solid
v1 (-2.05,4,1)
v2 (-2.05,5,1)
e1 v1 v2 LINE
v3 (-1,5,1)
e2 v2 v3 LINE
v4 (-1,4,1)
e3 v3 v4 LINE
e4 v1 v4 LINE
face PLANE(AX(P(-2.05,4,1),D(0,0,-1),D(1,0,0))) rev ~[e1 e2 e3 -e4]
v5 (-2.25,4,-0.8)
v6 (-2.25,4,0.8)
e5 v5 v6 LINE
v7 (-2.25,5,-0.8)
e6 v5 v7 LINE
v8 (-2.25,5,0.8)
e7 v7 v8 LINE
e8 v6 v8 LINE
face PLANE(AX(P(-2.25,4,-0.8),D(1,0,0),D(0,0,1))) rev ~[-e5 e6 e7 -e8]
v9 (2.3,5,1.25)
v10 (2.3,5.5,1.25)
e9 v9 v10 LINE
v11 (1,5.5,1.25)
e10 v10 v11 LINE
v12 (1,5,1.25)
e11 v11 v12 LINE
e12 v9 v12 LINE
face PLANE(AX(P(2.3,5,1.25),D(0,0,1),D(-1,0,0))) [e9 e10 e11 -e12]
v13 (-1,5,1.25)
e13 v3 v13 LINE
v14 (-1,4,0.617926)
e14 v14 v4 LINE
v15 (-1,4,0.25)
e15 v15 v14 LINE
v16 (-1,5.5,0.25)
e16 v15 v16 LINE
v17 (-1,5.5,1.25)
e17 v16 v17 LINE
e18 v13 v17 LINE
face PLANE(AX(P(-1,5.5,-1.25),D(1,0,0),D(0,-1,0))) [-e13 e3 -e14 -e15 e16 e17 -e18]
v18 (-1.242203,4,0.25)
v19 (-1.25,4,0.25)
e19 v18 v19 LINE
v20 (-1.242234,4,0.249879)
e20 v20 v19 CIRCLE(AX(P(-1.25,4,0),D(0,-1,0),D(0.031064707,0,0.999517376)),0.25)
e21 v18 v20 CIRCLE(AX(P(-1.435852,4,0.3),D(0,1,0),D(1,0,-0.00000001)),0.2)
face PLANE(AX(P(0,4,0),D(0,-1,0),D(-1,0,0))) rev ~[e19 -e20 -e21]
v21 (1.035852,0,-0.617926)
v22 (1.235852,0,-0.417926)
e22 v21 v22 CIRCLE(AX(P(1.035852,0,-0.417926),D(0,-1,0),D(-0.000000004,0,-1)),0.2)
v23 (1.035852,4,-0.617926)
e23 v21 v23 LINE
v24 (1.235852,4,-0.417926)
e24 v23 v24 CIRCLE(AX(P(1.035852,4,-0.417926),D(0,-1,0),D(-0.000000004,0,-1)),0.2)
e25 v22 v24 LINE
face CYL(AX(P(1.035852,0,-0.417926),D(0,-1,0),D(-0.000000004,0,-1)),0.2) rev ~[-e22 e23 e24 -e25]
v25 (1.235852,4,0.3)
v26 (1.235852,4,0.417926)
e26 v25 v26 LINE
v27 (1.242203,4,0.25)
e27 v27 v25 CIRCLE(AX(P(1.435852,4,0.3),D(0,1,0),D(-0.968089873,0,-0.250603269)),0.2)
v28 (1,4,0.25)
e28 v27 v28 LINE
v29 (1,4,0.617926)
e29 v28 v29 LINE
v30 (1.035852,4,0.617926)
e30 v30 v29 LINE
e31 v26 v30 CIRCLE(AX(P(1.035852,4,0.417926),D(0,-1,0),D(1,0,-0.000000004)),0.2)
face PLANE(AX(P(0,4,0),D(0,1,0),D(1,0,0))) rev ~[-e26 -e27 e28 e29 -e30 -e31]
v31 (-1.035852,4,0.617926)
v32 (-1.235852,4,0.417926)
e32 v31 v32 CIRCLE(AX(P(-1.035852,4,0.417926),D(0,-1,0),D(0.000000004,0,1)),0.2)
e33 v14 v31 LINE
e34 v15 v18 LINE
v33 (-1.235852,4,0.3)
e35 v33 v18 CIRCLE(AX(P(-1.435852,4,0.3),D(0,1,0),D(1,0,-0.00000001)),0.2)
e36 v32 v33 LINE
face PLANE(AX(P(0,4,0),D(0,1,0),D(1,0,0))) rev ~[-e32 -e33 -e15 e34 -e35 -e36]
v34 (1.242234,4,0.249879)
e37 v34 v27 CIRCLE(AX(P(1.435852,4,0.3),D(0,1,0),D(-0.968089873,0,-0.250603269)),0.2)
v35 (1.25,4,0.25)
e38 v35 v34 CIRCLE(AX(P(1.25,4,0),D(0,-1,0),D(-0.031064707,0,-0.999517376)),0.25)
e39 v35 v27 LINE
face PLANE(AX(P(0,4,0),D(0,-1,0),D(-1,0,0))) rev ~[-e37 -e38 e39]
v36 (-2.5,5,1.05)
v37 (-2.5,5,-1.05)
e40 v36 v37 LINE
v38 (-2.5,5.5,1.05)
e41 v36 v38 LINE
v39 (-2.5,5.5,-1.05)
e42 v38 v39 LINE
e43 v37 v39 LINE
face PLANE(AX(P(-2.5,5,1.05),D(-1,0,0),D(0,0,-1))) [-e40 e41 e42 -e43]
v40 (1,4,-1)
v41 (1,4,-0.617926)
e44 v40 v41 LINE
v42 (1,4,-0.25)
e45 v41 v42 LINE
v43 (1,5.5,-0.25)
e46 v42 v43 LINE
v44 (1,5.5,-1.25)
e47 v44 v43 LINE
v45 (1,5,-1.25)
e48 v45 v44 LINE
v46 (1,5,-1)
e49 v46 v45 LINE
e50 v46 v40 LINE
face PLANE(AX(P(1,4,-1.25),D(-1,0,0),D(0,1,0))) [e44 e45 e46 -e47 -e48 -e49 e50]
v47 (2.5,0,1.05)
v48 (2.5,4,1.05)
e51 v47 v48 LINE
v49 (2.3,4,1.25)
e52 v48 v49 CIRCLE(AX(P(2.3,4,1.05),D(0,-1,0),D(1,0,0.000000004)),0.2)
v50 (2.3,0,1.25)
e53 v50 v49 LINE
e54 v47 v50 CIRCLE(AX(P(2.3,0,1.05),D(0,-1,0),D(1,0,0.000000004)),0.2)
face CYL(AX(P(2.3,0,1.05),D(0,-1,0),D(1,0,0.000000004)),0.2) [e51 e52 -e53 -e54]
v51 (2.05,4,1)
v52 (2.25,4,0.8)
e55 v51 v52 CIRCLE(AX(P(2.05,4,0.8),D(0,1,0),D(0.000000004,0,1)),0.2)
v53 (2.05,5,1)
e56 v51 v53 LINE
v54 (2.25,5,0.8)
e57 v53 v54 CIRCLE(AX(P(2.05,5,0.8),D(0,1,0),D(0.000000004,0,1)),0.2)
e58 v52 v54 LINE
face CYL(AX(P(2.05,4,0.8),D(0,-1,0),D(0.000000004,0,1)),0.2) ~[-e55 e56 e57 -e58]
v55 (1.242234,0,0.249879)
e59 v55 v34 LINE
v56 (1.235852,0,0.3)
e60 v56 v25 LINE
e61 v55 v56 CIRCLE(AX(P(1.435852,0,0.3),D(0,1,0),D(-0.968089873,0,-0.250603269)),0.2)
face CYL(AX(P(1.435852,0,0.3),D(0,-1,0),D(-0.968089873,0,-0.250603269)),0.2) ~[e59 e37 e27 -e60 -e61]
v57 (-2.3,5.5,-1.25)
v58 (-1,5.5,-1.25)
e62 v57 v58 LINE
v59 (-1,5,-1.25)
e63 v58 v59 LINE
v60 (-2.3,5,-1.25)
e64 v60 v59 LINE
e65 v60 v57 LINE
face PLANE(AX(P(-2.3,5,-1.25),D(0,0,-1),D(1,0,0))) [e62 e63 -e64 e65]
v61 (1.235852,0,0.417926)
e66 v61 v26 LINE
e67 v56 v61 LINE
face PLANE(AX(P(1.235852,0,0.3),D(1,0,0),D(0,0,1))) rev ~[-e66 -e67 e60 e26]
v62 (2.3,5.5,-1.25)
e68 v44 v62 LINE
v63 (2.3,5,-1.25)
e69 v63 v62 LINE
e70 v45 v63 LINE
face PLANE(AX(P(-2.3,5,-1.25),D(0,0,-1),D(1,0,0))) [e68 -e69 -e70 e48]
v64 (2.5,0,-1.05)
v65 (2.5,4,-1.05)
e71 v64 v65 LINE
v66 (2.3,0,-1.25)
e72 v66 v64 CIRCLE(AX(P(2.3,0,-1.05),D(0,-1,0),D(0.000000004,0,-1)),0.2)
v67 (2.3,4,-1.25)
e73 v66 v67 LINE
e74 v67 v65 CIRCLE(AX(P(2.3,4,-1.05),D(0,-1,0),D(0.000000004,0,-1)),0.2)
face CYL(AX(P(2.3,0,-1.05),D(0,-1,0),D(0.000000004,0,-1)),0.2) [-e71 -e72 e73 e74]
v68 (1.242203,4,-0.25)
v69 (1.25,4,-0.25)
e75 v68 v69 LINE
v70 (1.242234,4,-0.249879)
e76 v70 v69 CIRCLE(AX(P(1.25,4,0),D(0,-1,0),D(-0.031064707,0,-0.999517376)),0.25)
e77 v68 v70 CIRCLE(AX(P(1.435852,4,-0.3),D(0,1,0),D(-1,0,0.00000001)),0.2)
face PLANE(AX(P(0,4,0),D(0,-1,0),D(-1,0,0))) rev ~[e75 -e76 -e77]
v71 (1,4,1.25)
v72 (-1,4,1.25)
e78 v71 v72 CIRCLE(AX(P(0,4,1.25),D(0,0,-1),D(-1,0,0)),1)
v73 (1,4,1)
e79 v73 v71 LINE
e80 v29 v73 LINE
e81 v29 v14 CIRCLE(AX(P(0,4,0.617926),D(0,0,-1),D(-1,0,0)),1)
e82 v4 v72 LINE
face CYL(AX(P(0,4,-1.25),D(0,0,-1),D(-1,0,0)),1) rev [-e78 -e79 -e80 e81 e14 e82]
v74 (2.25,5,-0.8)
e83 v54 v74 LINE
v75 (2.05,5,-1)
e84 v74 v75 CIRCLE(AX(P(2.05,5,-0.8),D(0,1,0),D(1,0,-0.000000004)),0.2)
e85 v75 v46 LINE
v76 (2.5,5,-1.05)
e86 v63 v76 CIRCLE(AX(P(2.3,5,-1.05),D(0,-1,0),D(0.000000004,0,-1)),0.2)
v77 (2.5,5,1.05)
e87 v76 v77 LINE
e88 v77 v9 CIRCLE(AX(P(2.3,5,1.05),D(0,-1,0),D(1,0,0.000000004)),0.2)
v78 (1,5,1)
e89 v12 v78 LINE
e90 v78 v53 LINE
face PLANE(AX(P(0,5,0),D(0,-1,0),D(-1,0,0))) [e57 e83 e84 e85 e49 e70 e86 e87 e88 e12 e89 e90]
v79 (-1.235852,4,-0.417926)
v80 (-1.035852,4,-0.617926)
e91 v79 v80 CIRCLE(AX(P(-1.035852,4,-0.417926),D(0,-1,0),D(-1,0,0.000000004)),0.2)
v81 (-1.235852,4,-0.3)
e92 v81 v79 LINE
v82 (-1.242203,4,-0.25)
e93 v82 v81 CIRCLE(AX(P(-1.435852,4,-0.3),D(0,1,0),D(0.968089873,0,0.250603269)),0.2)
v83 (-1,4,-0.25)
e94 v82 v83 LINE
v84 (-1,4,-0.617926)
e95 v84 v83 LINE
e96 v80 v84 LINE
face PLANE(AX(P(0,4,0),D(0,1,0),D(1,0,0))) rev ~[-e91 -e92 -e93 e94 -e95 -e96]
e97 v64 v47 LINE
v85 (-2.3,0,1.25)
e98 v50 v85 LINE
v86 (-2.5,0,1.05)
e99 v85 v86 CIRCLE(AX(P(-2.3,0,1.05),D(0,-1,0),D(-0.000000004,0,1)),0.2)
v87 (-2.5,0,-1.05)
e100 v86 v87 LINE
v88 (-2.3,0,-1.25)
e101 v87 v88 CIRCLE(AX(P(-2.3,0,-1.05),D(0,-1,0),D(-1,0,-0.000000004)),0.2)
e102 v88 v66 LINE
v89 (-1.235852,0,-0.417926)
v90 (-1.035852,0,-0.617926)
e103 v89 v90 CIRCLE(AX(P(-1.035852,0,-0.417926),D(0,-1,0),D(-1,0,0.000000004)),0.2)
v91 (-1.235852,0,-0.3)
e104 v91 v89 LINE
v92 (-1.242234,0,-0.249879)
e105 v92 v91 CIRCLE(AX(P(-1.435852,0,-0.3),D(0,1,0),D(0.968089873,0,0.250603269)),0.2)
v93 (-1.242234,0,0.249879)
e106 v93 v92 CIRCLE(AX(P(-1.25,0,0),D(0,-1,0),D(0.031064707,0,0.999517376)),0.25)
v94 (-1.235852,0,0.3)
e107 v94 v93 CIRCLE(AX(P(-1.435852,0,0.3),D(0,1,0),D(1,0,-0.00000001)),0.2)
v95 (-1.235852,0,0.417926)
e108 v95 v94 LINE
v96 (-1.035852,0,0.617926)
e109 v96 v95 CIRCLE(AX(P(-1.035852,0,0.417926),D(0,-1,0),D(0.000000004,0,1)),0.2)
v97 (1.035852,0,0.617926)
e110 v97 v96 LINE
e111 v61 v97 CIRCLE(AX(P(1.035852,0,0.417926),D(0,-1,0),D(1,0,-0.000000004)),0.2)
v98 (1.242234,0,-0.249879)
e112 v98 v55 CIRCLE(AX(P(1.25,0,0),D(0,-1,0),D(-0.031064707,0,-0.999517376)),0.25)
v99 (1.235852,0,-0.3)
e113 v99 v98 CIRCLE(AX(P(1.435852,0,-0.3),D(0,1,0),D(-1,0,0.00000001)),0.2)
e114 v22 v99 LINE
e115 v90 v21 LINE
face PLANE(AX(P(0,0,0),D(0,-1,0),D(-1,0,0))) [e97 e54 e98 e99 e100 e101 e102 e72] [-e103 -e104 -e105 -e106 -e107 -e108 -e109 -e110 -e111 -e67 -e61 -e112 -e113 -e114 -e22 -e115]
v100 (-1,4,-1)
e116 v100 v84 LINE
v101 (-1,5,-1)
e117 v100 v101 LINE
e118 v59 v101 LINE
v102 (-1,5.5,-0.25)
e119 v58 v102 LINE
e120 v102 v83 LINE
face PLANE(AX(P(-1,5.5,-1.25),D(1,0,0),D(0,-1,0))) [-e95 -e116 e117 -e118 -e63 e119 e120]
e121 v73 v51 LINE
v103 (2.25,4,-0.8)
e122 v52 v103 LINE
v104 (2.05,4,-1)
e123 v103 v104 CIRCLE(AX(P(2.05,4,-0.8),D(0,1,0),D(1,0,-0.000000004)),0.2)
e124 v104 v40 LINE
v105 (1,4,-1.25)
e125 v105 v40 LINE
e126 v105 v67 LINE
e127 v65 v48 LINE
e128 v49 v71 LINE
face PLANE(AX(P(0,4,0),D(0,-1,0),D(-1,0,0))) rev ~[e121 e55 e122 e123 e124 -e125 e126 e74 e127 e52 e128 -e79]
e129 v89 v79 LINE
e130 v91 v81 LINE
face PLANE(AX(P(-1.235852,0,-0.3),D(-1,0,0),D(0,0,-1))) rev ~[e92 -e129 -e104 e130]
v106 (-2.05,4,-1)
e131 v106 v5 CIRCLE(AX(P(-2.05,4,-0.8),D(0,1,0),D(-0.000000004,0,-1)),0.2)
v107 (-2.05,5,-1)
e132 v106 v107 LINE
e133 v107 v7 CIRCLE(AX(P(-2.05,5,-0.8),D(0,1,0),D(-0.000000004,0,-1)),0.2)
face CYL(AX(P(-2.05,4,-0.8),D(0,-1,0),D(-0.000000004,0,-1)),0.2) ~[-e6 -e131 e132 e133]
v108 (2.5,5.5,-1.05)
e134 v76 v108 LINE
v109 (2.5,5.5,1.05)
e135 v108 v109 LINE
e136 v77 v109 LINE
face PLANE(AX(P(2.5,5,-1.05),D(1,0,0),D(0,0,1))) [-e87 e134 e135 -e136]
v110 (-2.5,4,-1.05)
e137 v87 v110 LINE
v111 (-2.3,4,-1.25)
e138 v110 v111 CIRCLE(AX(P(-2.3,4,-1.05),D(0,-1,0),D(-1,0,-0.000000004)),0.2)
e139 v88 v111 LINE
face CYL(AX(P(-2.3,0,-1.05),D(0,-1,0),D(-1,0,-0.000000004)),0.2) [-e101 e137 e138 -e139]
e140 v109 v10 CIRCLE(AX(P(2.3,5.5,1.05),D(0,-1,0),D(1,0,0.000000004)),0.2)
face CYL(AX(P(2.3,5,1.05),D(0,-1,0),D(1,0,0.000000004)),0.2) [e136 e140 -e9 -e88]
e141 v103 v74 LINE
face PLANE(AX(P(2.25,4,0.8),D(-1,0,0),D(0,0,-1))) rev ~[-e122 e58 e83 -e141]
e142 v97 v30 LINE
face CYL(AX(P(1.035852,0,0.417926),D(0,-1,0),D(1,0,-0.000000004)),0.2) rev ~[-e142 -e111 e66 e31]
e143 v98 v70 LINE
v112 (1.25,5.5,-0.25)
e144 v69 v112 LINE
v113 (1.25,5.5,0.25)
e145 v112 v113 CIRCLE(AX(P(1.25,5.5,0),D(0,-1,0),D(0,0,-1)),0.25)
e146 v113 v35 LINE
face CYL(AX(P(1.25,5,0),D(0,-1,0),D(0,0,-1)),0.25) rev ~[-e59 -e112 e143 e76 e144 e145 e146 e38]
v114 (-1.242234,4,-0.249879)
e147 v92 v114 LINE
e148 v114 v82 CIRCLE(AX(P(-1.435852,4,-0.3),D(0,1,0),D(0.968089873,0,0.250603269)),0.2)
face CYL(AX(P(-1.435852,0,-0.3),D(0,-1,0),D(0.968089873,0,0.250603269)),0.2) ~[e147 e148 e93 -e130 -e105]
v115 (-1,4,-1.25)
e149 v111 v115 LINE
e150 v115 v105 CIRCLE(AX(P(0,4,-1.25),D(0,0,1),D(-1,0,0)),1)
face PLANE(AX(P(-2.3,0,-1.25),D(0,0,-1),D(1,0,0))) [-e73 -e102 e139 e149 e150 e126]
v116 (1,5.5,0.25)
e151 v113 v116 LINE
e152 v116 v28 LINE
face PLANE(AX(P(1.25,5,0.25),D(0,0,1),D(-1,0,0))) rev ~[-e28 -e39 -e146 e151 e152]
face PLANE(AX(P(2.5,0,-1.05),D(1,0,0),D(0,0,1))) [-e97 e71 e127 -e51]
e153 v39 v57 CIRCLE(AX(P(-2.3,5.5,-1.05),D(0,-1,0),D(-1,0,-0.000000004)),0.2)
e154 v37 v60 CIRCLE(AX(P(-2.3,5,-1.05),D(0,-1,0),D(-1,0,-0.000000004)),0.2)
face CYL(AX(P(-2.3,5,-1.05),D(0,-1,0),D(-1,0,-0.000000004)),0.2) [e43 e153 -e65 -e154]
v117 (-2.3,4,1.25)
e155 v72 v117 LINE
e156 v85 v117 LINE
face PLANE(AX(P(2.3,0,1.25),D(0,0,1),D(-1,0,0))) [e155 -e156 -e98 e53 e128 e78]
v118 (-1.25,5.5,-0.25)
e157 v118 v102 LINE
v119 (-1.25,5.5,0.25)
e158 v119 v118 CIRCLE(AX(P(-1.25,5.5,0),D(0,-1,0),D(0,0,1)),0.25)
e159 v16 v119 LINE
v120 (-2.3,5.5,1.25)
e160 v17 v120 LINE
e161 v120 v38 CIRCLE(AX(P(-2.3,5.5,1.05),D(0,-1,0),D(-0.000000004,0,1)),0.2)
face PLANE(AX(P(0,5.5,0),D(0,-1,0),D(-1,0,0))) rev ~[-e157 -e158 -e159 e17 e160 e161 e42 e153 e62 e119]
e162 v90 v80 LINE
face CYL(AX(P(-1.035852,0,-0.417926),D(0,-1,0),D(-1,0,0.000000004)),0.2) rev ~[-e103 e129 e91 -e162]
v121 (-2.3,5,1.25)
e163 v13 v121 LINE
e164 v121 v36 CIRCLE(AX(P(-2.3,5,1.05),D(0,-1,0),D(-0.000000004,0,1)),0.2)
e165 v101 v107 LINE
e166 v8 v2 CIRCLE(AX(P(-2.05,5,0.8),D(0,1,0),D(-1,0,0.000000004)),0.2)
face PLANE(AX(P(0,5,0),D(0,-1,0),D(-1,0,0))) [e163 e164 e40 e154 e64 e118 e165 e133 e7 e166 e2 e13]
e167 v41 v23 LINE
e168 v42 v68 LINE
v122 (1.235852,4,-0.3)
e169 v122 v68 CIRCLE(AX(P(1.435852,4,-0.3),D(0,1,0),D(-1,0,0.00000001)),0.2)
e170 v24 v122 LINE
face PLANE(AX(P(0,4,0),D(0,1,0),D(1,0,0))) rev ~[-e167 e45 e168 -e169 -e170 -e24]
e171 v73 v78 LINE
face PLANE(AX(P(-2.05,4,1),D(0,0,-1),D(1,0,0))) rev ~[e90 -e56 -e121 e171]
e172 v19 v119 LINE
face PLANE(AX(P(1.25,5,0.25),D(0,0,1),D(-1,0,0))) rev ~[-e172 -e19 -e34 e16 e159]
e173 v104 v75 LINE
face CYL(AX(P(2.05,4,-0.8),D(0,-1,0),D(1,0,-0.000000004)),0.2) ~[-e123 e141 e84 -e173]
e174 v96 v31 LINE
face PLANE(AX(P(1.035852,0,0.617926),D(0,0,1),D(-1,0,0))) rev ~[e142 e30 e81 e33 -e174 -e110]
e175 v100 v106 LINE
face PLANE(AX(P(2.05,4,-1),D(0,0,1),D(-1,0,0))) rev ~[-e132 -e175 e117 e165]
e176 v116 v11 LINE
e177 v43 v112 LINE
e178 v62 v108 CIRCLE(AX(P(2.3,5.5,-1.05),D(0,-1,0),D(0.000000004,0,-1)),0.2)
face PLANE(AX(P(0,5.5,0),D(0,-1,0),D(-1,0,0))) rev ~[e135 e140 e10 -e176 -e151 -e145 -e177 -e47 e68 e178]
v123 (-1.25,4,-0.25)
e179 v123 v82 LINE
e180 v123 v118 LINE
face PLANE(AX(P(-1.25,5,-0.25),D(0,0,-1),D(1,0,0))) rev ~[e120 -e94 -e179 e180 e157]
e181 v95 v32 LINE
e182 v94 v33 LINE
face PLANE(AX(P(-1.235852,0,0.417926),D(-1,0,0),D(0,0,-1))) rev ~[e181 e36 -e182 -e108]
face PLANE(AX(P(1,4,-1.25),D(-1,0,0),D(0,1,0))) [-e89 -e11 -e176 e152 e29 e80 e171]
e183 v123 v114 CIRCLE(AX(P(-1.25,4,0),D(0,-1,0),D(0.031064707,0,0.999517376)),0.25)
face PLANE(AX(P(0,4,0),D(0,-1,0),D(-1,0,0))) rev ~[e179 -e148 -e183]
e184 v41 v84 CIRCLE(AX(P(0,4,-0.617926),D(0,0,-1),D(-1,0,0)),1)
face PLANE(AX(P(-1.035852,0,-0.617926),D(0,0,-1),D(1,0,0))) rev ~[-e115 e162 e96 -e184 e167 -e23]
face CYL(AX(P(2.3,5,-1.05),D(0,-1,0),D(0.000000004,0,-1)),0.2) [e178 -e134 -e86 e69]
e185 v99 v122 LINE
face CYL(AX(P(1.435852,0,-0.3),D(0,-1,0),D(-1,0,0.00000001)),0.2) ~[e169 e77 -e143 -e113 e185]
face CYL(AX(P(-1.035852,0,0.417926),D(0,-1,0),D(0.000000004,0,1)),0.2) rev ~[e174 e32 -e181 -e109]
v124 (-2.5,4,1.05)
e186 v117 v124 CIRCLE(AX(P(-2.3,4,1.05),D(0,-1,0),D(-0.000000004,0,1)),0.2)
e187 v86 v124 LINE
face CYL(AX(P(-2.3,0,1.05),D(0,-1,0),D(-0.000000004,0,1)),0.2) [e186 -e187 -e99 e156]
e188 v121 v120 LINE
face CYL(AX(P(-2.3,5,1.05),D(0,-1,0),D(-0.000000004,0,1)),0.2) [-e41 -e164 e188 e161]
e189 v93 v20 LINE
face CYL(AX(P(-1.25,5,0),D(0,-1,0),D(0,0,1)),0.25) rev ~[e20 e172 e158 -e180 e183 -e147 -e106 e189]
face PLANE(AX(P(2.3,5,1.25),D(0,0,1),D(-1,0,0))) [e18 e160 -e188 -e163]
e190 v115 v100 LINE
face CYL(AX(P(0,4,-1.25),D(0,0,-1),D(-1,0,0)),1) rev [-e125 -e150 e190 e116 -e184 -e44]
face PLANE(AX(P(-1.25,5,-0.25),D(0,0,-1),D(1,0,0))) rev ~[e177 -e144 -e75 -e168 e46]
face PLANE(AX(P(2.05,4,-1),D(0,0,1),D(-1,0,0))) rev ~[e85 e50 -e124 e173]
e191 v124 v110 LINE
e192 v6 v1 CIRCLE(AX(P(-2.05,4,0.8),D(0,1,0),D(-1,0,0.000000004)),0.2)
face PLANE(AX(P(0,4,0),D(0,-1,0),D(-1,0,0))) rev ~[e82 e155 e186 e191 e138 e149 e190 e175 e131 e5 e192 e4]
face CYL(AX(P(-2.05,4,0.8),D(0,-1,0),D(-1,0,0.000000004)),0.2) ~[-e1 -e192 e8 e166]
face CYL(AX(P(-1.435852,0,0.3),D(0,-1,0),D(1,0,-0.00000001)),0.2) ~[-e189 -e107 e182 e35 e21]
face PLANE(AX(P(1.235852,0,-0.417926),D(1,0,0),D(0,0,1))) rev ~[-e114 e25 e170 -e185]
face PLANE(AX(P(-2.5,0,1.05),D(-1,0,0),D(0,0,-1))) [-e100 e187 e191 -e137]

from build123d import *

# Parameters (mm, degrees)
Y_KSEKLIK_EKSTR_ZYON1_DEPTH = 4
Y_KSEKLIK_EKSTR_ZYON2_DEPTH = 1
Y_KSEKLIK_EKSTR_ZYON3_DEPTH = 0.5
KES_EKSTR_ZYON1_DEPTH       = 3.5


with BuildPart() as part:
    # Çizim1 → Yükseklik-Ekstrüzyon1 (new body)
    with BuildSketch(Plane(origin=(0, 0, 0), x_dir=(1, 0, 0), z_dir=(0, 1, 0))):
        with BuildLine():
            Line((-2.3, 1.25), (2.3, 1.25))
            ThreePointArc((2.3, 1.25), (2.441421356, 1.191421356), (2.5, 1.05))
            Line((2.5, 1.05), (2.5, -1.05))
            ThreePointArc((2.5, -1.05), (2.441421356, -1.191421356), (2.3, -1.25))
            Line((2.3, -1.25), (-2.3, -1.25))
            ThreePointArc((-2.3, -1.25), (-2.441421356, -1.191421356), (-2.5, -1.05))
            Line((-2.5, -1.05), (-2.5, 1.05))
            ThreePointArc((-2.5, 1.05), (-2.441421356, 1.191421356), (-2.3, 1.25))
        make_face()
        with BuildLine():
            Line((1.235851797, -0.3), (1.235851797, -0.417925898))
            ThreePointArc((1.235851797, -0.417925898), (1.177273153, -0.559347255), (1.035851797, -0.617925898))
            Line((1.035851797, -0.617925898), (-1.035851797, -0.617925898))
            ThreePointArc((-1.035851797, -0.617925898), (-1.177273153, -0.559347255), (-1.235851797, -0.417925898))
            Line((-1.235851797, -0.417925898), (-1.235851797, -0.3))
            ThreePointArc((-1.235851797, -0.3), (-1.237453719, -0.274737328), (-1.242233823, -0.249879344))
            ThreePointArc((-1.242233823, -0.249879344), (-1.5, 0), (-1.242233823, 0.249879344))
            ThreePointArc((-1.242233823, 0.249879344), (-1.237453719, 0.274737328), (-1.235851797, 0.3))
            Line((-1.235851797, 0.3), (-1.235851797, 0.417925898))
            ThreePointArc((-1.235851797, 0.417925898), (-1.177273153, 0.559347255), (-1.035851797, 0.617925898))
            Line((-1.035851797, 0.617925898), (1.035851797, 0.617925898))
            ThreePointArc((1.035851797, 0.617925898), (1.177273153, 0.559347255), (1.235851797, 0.417925898))
            Line((1.235851797, 0.417925898), (1.235851797, 0.3))
            ThreePointArc((1.235851797, 0.3), (1.237453719, 0.274737328), (1.242233823, 0.249879344))
            ThreePointArc((1.242233823, 0.249879344), (1.5, 0), (1.242233823, -0.249879344))
            ThreePointArc((1.242233823, -0.249879344), (1.237453719, -0.274737328), (1.235851797, -0.3))
        make_face(mode=Mode.SUBTRACT)
    extrude(amount=Y_KSEKLIK_EKSTR_ZYON1_DEPTH)

    # Çizim3 → Yükseklik-Ekstrüzyon2 (add)
    with BuildSketch(Plane(origin=(0, 4, 0), x_dir=(1, 0, 0), z_dir=(0, 1, 0))):
        with BuildLine():
            Line((-2.05, -1), (2.05, -1))
            ThreePointArc((2.05, -1), (2.191421356, -0.941421356), (2.25, -0.8))
            Line((2.25, -0.8), (2.25, 0.8))
            ThreePointArc((2.25, 0.8), (2.191421356, 0.941421356), (2.05, 1))
            Line((2.05, 1), (-2.05, 1))
            ThreePointArc((-2.05, 1), (-2.191421356, 0.941421356), (-2.25, 0.8))
            Line((-2.25, 0.8), (-2.25, -0.8))
            ThreePointArc((-2.25, -0.8), (-2.191421356, -0.941421356), (-2.05, -1))
        make_face()
        with BuildLine():
            Line((-1.25, 0.25), (1.25, 0.25))
            ThreePointArc((1.25, 0.25), (1.5, 0), (1.25, -0.25))
            Line((1.25, -0.25), (-1.25, -0.25))
            ThreePointArc((-1.25, -0.25), (-1.5, 0), (-1.25, 0.25))
        make_face(mode=Mode.SUBTRACT)
    extrude(amount=Y_KSEKLIK_EKSTR_ZYON2_DEPTH)

    # Çizim4 → Yükseklik-Ekstrüzyon3 (add)
    with BuildSketch(Plane(origin=(0, 5, 0), x_dir=(1, 0, 0), z_dir=(0, 1, 0))):
        with BuildLine():
            Line((-2.3, 1.25), (2.3, 1.25))
            ThreePointArc((2.3, 1.25), (2.441421356, 1.191421356), (2.5, 1.05))
            Line((2.5, 1.05), (2.5, -1.05))
            ThreePointArc((2.5, -1.05), (2.441421356, -1.191421356), (2.3, -1.25))
            Line((2.3, -1.25), (-2.3, -1.25))
            ThreePointArc((-2.3, -1.25), (-2.441421356, -1.191421356), (-2.5, -1.05))
            Line((-2.5, -1.05), (-2.5, 1.05))
            ThreePointArc((-2.5, 1.05), (-2.441421356, 1.191421356), (-2.3, 1.25))
        make_face()
        with BuildLine():
            ThreePointArc((2.25, 0.8), (2.191421356, 0.941421356), (2.05, 1))
            Line((2.05, 1), (-2.05, 1))
            ThreePointArc((-2.05, 1), (-2.191421356, 0.941421356), (-2.25, 0.8))
            Line((-2.25, 0.8), (-2.25, -0.8))
            ThreePointArc((-2.25, -0.8), (-2.191421356, -0.941421356), (-2.05, -1))
            Line((-2.05, -1), (2.05, -1))
            ThreePointArc((2.05, -1), (2.191421356, -0.941421356), (2.25, -0.8))
            Line((2.25, -0.8), (2.25, 0.8))
        make_face(mode=Mode.SUBTRACT)
        with BuildLine():
            Line((2.25, -0.8), (2.25, 0.8))
            ThreePointArc((2.25, 0.8), (2.191421356, 0.941421356), (2.05, 1))
            Line((2.05, 1), (-2.05, 1))
            ThreePointArc((-2.05, 1), (-2.191421356, 0.941421356), (-2.25, 0.8))
            Line((-2.25, 0.8), (-2.25, -0.8))
            ThreePointArc((-2.25, -0.8), (-2.191421356, -0.941421356), (-2.05, -1))
            Line((-2.05, -1), (2.05, -1))
            ThreePointArc((2.05, -1), (2.191421356, -0.941421356), (2.25, -0.8))
        make_face()
        with BuildLine():
            Line((1.25, -0.25), (-1.25, -0.25))
            ThreePointArc((-1.25, -0.25), (-1.5, 0), (-1.25, 0.25))
            Line((-1.25, 0.25), (1.25, 0.25))
            ThreePointArc((1.25, 0.25), (1.5, 0), (1.25, -0.25))
        make_face(mode=Mode.SUBTRACT)
    extrude(amount=Y_KSEKLIK_EKSTR_ZYON3_DEPTH)

    # Çizim5 → Kes-Ekstrüzyon1 (cut, through all)
    with BuildSketch(Plane(origin=(0, 0, -1.25), x_dir=(-1, 0, 0), z_dir=(0, 0, -1))):
        with BuildLine():
            Line((-1, 4), (-1, 5.5))
            Line((-1, 5.5), (1, 5.5))
            Line((1, 5.5), (1, 4))
            ThreePointArc((1, 4), (0, 3), (-1, 4))
        make_face()
    extrude(amount=-KES_EKSTR_ZYON1_DEPTH, mode=Mode.SUBTRACT)


solid = part.part
